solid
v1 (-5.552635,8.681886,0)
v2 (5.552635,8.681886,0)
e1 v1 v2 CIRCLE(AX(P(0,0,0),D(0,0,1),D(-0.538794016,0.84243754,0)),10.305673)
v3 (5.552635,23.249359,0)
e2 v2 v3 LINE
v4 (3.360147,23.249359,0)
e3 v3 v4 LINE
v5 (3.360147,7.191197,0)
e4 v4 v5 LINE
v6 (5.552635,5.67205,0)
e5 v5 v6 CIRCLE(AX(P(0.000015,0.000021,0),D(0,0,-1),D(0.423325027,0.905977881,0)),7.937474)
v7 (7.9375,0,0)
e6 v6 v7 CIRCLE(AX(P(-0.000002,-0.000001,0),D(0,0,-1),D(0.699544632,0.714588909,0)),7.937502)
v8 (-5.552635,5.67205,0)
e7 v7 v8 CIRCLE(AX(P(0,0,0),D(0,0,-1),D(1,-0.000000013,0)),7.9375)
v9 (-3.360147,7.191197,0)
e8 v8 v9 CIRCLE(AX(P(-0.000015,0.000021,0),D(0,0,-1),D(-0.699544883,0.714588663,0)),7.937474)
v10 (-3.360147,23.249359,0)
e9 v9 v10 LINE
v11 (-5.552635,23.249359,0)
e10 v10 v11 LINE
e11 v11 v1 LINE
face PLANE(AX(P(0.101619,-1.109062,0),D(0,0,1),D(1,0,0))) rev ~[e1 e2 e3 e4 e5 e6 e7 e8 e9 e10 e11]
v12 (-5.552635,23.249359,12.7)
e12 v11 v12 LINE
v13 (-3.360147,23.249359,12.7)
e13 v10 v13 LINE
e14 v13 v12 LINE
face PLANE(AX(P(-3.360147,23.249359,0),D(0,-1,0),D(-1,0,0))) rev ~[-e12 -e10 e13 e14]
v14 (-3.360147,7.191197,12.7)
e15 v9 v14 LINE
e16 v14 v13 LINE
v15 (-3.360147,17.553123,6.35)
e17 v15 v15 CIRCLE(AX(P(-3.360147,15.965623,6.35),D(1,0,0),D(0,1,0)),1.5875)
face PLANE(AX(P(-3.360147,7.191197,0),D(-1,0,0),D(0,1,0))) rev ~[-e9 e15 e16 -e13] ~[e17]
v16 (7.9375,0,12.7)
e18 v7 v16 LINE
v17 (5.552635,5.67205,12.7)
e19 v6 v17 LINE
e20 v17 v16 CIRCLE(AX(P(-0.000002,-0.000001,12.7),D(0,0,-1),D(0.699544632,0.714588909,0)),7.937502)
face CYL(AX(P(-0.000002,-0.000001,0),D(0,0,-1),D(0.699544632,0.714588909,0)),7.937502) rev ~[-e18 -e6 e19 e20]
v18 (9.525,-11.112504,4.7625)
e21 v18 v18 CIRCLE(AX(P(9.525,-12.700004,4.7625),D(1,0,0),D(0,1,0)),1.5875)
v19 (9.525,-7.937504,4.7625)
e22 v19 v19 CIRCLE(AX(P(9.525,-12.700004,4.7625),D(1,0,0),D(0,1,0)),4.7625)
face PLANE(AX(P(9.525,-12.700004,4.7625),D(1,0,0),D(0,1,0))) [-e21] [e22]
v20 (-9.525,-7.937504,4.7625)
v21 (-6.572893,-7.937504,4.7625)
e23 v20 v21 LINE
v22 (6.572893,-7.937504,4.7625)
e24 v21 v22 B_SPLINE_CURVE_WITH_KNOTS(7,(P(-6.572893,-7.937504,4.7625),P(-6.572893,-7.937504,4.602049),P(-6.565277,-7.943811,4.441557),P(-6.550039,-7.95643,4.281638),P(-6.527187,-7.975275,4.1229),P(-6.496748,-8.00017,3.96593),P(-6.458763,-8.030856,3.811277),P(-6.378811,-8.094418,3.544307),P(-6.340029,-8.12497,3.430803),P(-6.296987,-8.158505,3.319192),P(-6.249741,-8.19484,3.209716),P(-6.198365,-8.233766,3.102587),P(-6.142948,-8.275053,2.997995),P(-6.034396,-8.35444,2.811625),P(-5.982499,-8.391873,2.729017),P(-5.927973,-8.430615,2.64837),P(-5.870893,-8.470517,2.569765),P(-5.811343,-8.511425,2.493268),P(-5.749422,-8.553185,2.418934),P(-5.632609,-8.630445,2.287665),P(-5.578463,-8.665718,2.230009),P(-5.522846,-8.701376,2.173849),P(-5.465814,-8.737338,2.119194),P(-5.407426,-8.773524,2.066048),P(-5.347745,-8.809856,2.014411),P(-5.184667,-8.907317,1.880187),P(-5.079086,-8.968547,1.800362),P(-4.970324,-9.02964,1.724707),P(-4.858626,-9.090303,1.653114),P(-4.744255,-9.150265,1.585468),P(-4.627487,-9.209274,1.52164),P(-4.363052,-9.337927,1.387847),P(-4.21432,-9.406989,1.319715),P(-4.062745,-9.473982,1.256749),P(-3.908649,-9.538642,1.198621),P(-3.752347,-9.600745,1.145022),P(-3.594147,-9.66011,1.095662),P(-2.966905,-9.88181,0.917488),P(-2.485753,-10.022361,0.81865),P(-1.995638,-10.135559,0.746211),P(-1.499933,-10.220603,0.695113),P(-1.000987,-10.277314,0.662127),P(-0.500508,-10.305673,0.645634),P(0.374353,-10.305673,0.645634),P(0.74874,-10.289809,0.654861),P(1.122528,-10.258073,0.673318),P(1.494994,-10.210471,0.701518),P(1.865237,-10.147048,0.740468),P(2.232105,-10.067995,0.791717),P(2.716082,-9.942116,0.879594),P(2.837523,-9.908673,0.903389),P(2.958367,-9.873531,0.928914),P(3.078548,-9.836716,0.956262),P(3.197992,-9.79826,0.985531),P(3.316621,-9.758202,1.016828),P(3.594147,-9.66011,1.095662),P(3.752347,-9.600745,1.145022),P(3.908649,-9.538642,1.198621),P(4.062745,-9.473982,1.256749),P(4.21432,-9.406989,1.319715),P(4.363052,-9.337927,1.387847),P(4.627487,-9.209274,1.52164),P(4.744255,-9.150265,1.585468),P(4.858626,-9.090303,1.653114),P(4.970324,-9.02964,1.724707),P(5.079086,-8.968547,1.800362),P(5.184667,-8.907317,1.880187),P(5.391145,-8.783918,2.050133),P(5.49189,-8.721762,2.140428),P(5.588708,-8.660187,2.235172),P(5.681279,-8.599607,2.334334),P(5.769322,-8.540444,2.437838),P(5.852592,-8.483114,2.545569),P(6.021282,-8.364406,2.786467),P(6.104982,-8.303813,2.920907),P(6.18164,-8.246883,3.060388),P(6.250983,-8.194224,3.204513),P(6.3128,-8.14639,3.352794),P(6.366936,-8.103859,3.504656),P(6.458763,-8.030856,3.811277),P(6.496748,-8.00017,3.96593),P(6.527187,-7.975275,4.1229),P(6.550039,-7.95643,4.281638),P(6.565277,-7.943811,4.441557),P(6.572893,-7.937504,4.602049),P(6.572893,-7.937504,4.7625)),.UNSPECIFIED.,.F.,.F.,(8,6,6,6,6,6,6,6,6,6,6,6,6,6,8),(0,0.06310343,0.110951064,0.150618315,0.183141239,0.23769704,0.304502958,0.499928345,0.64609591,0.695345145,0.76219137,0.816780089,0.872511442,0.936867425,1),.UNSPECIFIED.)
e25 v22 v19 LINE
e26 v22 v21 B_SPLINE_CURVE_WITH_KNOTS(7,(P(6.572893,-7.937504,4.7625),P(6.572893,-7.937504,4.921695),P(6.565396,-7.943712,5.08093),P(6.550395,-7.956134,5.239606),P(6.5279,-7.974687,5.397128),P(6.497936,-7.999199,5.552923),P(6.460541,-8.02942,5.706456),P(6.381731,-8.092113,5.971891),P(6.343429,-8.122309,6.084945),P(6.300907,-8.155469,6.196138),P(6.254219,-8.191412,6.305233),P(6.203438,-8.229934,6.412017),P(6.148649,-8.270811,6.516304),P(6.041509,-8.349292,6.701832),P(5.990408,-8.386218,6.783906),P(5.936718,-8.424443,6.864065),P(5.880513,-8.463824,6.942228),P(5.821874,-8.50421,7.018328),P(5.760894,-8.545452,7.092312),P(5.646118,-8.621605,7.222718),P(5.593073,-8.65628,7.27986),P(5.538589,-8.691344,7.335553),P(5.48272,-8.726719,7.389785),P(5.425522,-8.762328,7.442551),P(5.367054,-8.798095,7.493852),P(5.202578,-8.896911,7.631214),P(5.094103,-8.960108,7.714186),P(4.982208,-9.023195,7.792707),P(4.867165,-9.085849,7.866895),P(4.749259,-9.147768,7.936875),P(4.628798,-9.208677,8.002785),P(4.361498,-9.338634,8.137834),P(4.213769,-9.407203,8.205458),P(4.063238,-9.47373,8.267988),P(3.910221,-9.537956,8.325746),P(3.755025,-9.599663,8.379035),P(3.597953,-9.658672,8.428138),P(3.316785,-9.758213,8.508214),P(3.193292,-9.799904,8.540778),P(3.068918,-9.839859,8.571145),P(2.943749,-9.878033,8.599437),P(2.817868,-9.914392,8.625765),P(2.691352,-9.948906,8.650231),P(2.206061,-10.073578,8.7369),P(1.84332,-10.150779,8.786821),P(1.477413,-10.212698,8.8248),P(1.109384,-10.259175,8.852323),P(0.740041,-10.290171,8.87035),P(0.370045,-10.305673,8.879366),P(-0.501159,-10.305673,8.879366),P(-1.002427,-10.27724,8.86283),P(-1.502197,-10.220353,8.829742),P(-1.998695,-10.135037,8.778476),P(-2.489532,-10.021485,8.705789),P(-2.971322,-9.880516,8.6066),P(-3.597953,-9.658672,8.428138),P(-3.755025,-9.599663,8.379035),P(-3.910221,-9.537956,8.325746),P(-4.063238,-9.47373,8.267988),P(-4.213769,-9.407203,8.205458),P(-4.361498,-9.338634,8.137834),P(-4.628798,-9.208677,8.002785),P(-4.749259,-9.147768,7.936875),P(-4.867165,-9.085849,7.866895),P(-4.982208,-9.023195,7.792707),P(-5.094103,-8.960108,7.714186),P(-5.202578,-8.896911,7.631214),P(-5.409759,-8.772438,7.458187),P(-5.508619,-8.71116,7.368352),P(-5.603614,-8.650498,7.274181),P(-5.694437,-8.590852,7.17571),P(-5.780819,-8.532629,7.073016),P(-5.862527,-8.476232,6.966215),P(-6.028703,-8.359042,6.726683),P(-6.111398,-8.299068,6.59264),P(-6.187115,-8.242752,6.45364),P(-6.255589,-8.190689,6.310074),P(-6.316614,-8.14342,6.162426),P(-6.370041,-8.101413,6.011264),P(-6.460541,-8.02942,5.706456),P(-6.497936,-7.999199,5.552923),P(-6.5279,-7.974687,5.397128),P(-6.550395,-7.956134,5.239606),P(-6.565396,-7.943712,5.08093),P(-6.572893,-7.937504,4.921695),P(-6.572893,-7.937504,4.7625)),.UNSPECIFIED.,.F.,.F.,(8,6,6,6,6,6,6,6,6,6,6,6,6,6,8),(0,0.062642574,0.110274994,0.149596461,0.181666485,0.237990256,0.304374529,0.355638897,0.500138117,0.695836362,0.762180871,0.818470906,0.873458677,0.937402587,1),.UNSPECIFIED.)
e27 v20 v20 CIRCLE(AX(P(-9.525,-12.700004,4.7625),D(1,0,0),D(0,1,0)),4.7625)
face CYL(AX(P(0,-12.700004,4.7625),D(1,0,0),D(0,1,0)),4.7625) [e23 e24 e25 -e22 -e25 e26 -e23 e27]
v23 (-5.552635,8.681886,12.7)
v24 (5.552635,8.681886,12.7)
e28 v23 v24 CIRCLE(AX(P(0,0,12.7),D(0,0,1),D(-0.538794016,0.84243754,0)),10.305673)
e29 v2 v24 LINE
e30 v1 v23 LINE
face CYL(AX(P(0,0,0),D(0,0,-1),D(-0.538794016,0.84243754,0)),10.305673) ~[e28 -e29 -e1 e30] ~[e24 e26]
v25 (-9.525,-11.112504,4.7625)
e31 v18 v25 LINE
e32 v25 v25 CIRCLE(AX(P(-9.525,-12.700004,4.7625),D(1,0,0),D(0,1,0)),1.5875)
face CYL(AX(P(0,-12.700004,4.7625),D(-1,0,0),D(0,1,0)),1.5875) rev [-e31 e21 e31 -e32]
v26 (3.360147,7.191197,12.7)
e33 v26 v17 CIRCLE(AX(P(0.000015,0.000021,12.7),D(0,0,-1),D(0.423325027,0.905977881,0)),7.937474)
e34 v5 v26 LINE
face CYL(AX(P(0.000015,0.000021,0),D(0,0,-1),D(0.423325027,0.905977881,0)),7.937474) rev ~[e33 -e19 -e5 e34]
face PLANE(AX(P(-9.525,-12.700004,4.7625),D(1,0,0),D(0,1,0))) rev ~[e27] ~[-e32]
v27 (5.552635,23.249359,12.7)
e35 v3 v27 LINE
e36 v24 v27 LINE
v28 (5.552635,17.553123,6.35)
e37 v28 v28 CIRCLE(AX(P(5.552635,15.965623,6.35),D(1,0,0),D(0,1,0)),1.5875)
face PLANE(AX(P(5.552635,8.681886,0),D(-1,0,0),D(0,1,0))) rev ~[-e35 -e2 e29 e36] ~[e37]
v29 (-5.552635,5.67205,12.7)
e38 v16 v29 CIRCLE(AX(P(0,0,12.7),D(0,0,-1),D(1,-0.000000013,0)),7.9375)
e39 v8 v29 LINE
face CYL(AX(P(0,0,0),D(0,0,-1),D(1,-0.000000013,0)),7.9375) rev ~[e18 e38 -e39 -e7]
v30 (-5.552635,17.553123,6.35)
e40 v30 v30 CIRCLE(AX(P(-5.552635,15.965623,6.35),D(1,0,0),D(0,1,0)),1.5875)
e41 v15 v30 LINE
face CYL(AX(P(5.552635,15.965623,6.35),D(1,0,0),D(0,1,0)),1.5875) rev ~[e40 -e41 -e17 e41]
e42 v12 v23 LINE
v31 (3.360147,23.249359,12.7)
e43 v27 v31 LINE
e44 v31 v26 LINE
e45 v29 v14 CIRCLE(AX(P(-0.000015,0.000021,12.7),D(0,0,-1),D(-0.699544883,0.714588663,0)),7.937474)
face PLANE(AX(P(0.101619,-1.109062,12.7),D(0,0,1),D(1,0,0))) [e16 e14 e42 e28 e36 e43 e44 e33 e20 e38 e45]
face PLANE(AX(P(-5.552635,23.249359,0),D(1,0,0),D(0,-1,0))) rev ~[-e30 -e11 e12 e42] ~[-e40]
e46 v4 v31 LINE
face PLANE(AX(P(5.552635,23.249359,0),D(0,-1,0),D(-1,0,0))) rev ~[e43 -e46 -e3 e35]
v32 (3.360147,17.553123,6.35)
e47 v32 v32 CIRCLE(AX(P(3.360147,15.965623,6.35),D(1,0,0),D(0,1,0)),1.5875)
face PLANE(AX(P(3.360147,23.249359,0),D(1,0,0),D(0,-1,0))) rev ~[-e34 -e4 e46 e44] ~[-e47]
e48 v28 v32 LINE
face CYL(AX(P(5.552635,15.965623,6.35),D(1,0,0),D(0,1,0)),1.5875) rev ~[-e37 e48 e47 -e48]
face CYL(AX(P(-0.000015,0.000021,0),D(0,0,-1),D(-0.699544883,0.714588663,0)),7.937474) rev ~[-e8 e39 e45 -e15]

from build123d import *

# Parameters (mm, degrees)
F2_DEPTH = 12.7
F1_R     = 4.7625
F1_R_2   = 1.5875
F3_DEPTH = 9.525
F4_R     = 1.5875
F5_DEPTH = 15.859309


with BuildPart() as f2:
    # F0 (on Top) → F2 (new body)
    with BuildSketch(Plane.XY):
        with BuildLine():
            Line((-5.552635, 5.67205), (-5.552635, 8.681886))
            ThreePointArc((-5.552635, 8.681886), (0, -10.305673), (5.552635, 8.681886))
            Line((5.552635, 8.681886), (5.552635, 5.67205))
            ThreePointArc((5.552635, 5.67205), (7.317033, 3.076513), (7.9375, 0))
            ThreePointArc((7.9375, 0), (-3.076513, -7.317033), (-5.552635, 5.67205))
        make_face()
        with BuildLine():
            Line((-5.552635, 23.249359), (-5.552635, 8.681886))
            Line((-5.552635, 8.681886), (-5.552635, 5.67205))
            ThreePointArc((-5.552635, 5.67205), (-4.520661, 6.52438), (-3.360147, 7.191197))
            Line((-3.360147, 7.191197), (-3.360147, 23.249359))
            Line((-3.360147, 23.249359), (-5.552635, 23.249359))
        make_face()
        with BuildLine():
            Line((5.552635, 5.67205), (5.552635, 8.681886))
            Line((5.552635, 8.681886), (5.552635, 23.249359))
            Line((5.552635, 23.249359), (3.360147, 23.249359))
            Line((3.360147, 23.249359), (3.360147, 7.191197))
            ThreePointArc((3.360147, 7.191197), (4.520661, 6.52438), (5.552635, 5.67205))
        make_face()
    extrude(amount=F2_DEPTH)

    # F1 (on Right) → F3 (join, symmetric)
    with BuildSketch(Plane.YZ):
        with Locations((-12.700004, 4.7625)):
            Circle(F1_R)
        with Locations((-12.700004, 4.7625)):
            Circle(F1_R_2, mode=Mode.SUBTRACT)
    extrude(amount=F3_DEPTH, both=True)

    # F4 (on face) → F5 (cut, through all)
    with BuildSketch(Plane.YZ.offset(5.552635)):
        with Locations((15.965623, 6.35)):
            Circle(F4_R)
    extrude(amount=-F5_DEPTH, mode=Mode.SUBTRACT)


with BuildPart() as f6_1:
    # F6: copy of F2
    add(f2.part)


solid = f2.part
